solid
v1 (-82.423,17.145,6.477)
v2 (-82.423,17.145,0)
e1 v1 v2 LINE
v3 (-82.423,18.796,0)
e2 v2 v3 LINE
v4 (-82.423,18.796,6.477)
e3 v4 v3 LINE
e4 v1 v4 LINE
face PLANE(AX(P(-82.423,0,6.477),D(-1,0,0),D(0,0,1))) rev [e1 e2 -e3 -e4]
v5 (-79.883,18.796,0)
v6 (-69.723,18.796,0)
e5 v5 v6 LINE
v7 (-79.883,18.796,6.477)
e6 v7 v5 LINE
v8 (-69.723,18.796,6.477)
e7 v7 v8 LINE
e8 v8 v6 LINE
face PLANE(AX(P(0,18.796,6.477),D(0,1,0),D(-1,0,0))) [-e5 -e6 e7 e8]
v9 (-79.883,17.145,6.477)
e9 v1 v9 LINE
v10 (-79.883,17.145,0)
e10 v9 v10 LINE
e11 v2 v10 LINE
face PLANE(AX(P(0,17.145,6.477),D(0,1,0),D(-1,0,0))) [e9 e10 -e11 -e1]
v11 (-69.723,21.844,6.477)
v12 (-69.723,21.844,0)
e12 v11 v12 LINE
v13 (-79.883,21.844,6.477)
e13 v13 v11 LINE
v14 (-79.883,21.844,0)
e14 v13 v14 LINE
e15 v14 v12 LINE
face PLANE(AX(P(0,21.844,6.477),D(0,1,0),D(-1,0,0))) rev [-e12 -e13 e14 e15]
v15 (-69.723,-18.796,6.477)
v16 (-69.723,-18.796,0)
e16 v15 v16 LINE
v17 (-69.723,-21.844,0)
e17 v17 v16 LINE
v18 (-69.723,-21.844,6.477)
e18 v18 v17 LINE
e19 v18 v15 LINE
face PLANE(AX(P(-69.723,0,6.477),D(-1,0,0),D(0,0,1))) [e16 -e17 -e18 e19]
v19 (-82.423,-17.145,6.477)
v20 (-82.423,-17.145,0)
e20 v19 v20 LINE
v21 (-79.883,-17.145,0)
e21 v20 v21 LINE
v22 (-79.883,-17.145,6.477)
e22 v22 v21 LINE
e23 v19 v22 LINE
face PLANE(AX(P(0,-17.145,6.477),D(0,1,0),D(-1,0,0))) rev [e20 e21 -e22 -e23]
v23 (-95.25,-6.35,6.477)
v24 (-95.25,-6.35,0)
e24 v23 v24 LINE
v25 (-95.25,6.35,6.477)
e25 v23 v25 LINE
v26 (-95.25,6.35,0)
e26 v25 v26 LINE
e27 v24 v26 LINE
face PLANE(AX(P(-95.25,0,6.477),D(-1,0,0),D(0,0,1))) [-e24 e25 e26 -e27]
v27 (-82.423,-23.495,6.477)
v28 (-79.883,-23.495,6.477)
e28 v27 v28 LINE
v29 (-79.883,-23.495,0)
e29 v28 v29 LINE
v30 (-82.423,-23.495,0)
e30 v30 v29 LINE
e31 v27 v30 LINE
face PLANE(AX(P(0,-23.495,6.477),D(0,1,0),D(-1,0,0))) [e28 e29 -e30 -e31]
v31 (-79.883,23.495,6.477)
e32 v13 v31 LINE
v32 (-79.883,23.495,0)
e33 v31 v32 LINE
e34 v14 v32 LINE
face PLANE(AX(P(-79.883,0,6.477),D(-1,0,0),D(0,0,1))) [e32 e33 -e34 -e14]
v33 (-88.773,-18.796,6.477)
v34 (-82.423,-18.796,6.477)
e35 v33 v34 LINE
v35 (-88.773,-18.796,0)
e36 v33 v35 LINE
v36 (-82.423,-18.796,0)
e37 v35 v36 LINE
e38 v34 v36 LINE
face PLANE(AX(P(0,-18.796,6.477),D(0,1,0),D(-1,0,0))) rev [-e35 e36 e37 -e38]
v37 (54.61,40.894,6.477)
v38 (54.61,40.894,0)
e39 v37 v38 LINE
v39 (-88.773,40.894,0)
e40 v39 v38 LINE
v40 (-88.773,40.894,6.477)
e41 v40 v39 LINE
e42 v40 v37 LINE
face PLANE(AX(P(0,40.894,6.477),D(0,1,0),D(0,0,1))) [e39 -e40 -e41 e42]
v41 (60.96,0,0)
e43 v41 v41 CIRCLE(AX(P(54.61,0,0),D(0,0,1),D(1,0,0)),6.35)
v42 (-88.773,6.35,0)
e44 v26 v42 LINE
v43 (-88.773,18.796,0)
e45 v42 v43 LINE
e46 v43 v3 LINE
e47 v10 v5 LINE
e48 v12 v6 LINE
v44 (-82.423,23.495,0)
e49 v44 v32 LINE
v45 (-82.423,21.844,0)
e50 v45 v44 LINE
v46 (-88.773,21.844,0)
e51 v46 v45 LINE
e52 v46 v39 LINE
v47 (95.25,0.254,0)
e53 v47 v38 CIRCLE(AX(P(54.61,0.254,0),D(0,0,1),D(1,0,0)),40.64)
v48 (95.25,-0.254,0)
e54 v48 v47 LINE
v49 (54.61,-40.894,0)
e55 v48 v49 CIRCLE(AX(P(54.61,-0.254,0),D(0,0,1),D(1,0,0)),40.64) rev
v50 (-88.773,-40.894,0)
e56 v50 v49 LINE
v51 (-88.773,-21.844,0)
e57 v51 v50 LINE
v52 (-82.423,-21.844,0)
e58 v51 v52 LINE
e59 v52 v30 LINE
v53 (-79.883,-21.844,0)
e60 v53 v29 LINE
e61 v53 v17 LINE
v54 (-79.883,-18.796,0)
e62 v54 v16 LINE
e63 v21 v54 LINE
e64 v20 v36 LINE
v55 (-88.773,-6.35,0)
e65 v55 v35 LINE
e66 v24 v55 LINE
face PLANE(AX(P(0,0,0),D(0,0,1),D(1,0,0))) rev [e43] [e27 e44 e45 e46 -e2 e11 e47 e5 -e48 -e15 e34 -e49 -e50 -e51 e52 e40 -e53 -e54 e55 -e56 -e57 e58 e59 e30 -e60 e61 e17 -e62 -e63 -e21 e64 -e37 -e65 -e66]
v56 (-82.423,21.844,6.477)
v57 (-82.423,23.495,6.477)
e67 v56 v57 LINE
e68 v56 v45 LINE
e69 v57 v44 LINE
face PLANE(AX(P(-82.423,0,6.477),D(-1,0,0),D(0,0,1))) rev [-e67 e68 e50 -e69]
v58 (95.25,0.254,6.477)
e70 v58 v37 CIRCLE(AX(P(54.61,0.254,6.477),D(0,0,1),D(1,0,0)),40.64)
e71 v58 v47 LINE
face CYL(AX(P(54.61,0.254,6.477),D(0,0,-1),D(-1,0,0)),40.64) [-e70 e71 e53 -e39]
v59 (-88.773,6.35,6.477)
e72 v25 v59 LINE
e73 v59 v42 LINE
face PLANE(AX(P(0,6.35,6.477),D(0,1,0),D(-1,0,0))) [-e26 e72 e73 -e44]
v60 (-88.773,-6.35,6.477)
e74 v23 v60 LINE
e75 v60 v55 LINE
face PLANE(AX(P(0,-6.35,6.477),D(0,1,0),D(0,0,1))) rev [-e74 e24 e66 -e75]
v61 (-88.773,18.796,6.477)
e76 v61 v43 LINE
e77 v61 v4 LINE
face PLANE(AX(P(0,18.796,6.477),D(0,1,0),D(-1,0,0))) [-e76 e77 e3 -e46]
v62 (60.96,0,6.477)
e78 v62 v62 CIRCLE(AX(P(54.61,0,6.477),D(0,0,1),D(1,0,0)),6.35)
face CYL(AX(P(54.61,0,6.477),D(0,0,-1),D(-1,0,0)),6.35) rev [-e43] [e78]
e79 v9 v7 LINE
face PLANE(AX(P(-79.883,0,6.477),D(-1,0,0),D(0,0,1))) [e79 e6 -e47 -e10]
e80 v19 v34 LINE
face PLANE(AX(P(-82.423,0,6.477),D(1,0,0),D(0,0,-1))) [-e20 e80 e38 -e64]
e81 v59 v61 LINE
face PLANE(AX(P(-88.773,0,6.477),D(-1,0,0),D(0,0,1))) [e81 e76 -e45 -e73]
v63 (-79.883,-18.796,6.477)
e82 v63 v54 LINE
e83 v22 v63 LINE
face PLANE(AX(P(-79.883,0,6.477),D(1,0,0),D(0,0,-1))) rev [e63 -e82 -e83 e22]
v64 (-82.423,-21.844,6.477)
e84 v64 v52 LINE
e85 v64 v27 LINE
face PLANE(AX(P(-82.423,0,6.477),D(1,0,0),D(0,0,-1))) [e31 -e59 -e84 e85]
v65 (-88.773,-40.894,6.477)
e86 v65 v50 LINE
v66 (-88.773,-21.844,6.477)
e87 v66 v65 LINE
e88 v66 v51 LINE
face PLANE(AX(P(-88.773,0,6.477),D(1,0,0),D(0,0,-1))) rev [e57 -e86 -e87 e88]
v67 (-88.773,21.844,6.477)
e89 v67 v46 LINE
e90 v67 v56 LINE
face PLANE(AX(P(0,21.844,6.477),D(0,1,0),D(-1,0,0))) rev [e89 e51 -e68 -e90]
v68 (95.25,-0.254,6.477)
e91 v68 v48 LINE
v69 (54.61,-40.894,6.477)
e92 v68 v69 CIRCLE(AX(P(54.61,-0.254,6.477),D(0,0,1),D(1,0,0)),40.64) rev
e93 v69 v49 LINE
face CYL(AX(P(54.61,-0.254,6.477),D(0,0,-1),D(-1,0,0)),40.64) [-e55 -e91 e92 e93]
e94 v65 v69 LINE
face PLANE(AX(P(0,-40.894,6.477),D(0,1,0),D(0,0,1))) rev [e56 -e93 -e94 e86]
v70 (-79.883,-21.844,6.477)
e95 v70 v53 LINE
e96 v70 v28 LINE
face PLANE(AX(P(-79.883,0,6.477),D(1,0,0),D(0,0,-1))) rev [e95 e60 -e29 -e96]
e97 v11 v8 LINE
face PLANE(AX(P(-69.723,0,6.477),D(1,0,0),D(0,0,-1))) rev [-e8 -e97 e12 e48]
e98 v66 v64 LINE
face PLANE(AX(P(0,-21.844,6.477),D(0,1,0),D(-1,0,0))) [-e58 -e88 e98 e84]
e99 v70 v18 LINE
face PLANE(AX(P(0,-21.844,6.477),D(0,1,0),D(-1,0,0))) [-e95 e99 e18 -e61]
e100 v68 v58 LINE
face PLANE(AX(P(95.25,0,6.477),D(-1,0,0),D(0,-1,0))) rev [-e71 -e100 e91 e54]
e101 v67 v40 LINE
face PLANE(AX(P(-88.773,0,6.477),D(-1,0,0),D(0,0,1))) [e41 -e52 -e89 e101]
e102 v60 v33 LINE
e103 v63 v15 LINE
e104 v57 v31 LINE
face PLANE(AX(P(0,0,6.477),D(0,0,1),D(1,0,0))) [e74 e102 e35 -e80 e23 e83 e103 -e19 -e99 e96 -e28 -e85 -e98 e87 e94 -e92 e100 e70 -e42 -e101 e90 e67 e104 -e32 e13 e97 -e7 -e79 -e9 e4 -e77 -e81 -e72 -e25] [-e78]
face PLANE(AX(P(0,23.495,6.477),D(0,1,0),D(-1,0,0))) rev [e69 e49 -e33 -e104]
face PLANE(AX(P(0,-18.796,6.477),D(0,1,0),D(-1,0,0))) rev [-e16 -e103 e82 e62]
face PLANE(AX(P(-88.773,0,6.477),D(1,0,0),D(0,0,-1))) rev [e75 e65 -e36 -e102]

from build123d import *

# Parameters (mm, degrees)
SKETCH1_R           = 6.35
BOSS_EXTRUDE1_DEPTH = 6.477


with BuildPart() as part:
    # Sketch1 → Boss-Extrude1 (new body)
    with BuildSketch(Plane.XY):
        with BuildLine():
            Line((-88.773, 18.796), (-88.773, 6.35))
            Line((-88.773, 6.35), (-95.25, 6.35))
            Line((-95.25, 6.35), (-95.25, -6.35))
            Line((-95.25, -6.35), (-88.773, -6.35))
            Line((-88.773, -6.35), (-88.773, -18.796))
            Line((-88.773, -18.796), (-82.423, -18.796))
            Line((-82.423, -18.796), (-82.423, -17.145))
            Line((-82.423, -17.145), (-79.883, -17.145))
            Line((-79.883, -17.145), (-79.883, -18.796))
            Line((-79.883, -18.796), (-69.723, -18.796))
            Line((-69.723, -18.796), (-69.723, -21.844))
            Line((-69.723, -21.844), (-79.883, -21.844))
            Line((-79.883, -21.844), (-79.883, -23.495))
            Line((-79.883, -23.495), (-82.423, -23.495))
            Line((-82.423, -23.495), (-82.423, -21.844))
            Line((-82.423, -21.844), (-88.773, -21.844))
            Line((-88.773, -21.844), (-88.773, -40.894))
            Line((-88.773, -40.894), (54.61, -40.894))
            ThreePointArc((54.61, -40.894), (83.346819587, -28.990819587), (95.25, -0.254))
            Line((95.25, -0.254), (95.25, 0.254))
            ThreePointArc((95.25, 0.254), (83.346819587, 28.990819587), (54.61, 40.894))
            Line((54.61, 40.894), (-88.773, 40.894))
            Line((-88.773, 40.894), (-88.773, 21.844))
            Line((-88.773, 21.844), (-82.423, 21.844))
            Line((-82.423, 21.844), (-82.423, 23.495))
            Line((-82.423, 23.495), (-79.883, 23.495))
            Line((-79.883, 23.495), (-79.883, 21.844))
            Line((-79.883, 21.844), (-69.723, 21.844))
            Line((-69.723, 21.844), (-69.723, 18.796))
            Line((-69.723, 18.796), (-79.883, 18.796))
            Line((-79.883, 18.796), (-79.883, 17.145))
            Line((-79.883, 17.145), (-82.423, 17.145))
            Line((-82.423, 17.145), (-82.423, 18.796))
            Line((-82.423, 18.796), (-88.773, 18.796))
        make_face()
        with Locations((54.61, 0)):
            Circle(SKETCH1_R, mode=Mode.SUBTRACT)
    extrude(amount=BOSS_EXTRUDE1_DEPTH)


solid = part.part
